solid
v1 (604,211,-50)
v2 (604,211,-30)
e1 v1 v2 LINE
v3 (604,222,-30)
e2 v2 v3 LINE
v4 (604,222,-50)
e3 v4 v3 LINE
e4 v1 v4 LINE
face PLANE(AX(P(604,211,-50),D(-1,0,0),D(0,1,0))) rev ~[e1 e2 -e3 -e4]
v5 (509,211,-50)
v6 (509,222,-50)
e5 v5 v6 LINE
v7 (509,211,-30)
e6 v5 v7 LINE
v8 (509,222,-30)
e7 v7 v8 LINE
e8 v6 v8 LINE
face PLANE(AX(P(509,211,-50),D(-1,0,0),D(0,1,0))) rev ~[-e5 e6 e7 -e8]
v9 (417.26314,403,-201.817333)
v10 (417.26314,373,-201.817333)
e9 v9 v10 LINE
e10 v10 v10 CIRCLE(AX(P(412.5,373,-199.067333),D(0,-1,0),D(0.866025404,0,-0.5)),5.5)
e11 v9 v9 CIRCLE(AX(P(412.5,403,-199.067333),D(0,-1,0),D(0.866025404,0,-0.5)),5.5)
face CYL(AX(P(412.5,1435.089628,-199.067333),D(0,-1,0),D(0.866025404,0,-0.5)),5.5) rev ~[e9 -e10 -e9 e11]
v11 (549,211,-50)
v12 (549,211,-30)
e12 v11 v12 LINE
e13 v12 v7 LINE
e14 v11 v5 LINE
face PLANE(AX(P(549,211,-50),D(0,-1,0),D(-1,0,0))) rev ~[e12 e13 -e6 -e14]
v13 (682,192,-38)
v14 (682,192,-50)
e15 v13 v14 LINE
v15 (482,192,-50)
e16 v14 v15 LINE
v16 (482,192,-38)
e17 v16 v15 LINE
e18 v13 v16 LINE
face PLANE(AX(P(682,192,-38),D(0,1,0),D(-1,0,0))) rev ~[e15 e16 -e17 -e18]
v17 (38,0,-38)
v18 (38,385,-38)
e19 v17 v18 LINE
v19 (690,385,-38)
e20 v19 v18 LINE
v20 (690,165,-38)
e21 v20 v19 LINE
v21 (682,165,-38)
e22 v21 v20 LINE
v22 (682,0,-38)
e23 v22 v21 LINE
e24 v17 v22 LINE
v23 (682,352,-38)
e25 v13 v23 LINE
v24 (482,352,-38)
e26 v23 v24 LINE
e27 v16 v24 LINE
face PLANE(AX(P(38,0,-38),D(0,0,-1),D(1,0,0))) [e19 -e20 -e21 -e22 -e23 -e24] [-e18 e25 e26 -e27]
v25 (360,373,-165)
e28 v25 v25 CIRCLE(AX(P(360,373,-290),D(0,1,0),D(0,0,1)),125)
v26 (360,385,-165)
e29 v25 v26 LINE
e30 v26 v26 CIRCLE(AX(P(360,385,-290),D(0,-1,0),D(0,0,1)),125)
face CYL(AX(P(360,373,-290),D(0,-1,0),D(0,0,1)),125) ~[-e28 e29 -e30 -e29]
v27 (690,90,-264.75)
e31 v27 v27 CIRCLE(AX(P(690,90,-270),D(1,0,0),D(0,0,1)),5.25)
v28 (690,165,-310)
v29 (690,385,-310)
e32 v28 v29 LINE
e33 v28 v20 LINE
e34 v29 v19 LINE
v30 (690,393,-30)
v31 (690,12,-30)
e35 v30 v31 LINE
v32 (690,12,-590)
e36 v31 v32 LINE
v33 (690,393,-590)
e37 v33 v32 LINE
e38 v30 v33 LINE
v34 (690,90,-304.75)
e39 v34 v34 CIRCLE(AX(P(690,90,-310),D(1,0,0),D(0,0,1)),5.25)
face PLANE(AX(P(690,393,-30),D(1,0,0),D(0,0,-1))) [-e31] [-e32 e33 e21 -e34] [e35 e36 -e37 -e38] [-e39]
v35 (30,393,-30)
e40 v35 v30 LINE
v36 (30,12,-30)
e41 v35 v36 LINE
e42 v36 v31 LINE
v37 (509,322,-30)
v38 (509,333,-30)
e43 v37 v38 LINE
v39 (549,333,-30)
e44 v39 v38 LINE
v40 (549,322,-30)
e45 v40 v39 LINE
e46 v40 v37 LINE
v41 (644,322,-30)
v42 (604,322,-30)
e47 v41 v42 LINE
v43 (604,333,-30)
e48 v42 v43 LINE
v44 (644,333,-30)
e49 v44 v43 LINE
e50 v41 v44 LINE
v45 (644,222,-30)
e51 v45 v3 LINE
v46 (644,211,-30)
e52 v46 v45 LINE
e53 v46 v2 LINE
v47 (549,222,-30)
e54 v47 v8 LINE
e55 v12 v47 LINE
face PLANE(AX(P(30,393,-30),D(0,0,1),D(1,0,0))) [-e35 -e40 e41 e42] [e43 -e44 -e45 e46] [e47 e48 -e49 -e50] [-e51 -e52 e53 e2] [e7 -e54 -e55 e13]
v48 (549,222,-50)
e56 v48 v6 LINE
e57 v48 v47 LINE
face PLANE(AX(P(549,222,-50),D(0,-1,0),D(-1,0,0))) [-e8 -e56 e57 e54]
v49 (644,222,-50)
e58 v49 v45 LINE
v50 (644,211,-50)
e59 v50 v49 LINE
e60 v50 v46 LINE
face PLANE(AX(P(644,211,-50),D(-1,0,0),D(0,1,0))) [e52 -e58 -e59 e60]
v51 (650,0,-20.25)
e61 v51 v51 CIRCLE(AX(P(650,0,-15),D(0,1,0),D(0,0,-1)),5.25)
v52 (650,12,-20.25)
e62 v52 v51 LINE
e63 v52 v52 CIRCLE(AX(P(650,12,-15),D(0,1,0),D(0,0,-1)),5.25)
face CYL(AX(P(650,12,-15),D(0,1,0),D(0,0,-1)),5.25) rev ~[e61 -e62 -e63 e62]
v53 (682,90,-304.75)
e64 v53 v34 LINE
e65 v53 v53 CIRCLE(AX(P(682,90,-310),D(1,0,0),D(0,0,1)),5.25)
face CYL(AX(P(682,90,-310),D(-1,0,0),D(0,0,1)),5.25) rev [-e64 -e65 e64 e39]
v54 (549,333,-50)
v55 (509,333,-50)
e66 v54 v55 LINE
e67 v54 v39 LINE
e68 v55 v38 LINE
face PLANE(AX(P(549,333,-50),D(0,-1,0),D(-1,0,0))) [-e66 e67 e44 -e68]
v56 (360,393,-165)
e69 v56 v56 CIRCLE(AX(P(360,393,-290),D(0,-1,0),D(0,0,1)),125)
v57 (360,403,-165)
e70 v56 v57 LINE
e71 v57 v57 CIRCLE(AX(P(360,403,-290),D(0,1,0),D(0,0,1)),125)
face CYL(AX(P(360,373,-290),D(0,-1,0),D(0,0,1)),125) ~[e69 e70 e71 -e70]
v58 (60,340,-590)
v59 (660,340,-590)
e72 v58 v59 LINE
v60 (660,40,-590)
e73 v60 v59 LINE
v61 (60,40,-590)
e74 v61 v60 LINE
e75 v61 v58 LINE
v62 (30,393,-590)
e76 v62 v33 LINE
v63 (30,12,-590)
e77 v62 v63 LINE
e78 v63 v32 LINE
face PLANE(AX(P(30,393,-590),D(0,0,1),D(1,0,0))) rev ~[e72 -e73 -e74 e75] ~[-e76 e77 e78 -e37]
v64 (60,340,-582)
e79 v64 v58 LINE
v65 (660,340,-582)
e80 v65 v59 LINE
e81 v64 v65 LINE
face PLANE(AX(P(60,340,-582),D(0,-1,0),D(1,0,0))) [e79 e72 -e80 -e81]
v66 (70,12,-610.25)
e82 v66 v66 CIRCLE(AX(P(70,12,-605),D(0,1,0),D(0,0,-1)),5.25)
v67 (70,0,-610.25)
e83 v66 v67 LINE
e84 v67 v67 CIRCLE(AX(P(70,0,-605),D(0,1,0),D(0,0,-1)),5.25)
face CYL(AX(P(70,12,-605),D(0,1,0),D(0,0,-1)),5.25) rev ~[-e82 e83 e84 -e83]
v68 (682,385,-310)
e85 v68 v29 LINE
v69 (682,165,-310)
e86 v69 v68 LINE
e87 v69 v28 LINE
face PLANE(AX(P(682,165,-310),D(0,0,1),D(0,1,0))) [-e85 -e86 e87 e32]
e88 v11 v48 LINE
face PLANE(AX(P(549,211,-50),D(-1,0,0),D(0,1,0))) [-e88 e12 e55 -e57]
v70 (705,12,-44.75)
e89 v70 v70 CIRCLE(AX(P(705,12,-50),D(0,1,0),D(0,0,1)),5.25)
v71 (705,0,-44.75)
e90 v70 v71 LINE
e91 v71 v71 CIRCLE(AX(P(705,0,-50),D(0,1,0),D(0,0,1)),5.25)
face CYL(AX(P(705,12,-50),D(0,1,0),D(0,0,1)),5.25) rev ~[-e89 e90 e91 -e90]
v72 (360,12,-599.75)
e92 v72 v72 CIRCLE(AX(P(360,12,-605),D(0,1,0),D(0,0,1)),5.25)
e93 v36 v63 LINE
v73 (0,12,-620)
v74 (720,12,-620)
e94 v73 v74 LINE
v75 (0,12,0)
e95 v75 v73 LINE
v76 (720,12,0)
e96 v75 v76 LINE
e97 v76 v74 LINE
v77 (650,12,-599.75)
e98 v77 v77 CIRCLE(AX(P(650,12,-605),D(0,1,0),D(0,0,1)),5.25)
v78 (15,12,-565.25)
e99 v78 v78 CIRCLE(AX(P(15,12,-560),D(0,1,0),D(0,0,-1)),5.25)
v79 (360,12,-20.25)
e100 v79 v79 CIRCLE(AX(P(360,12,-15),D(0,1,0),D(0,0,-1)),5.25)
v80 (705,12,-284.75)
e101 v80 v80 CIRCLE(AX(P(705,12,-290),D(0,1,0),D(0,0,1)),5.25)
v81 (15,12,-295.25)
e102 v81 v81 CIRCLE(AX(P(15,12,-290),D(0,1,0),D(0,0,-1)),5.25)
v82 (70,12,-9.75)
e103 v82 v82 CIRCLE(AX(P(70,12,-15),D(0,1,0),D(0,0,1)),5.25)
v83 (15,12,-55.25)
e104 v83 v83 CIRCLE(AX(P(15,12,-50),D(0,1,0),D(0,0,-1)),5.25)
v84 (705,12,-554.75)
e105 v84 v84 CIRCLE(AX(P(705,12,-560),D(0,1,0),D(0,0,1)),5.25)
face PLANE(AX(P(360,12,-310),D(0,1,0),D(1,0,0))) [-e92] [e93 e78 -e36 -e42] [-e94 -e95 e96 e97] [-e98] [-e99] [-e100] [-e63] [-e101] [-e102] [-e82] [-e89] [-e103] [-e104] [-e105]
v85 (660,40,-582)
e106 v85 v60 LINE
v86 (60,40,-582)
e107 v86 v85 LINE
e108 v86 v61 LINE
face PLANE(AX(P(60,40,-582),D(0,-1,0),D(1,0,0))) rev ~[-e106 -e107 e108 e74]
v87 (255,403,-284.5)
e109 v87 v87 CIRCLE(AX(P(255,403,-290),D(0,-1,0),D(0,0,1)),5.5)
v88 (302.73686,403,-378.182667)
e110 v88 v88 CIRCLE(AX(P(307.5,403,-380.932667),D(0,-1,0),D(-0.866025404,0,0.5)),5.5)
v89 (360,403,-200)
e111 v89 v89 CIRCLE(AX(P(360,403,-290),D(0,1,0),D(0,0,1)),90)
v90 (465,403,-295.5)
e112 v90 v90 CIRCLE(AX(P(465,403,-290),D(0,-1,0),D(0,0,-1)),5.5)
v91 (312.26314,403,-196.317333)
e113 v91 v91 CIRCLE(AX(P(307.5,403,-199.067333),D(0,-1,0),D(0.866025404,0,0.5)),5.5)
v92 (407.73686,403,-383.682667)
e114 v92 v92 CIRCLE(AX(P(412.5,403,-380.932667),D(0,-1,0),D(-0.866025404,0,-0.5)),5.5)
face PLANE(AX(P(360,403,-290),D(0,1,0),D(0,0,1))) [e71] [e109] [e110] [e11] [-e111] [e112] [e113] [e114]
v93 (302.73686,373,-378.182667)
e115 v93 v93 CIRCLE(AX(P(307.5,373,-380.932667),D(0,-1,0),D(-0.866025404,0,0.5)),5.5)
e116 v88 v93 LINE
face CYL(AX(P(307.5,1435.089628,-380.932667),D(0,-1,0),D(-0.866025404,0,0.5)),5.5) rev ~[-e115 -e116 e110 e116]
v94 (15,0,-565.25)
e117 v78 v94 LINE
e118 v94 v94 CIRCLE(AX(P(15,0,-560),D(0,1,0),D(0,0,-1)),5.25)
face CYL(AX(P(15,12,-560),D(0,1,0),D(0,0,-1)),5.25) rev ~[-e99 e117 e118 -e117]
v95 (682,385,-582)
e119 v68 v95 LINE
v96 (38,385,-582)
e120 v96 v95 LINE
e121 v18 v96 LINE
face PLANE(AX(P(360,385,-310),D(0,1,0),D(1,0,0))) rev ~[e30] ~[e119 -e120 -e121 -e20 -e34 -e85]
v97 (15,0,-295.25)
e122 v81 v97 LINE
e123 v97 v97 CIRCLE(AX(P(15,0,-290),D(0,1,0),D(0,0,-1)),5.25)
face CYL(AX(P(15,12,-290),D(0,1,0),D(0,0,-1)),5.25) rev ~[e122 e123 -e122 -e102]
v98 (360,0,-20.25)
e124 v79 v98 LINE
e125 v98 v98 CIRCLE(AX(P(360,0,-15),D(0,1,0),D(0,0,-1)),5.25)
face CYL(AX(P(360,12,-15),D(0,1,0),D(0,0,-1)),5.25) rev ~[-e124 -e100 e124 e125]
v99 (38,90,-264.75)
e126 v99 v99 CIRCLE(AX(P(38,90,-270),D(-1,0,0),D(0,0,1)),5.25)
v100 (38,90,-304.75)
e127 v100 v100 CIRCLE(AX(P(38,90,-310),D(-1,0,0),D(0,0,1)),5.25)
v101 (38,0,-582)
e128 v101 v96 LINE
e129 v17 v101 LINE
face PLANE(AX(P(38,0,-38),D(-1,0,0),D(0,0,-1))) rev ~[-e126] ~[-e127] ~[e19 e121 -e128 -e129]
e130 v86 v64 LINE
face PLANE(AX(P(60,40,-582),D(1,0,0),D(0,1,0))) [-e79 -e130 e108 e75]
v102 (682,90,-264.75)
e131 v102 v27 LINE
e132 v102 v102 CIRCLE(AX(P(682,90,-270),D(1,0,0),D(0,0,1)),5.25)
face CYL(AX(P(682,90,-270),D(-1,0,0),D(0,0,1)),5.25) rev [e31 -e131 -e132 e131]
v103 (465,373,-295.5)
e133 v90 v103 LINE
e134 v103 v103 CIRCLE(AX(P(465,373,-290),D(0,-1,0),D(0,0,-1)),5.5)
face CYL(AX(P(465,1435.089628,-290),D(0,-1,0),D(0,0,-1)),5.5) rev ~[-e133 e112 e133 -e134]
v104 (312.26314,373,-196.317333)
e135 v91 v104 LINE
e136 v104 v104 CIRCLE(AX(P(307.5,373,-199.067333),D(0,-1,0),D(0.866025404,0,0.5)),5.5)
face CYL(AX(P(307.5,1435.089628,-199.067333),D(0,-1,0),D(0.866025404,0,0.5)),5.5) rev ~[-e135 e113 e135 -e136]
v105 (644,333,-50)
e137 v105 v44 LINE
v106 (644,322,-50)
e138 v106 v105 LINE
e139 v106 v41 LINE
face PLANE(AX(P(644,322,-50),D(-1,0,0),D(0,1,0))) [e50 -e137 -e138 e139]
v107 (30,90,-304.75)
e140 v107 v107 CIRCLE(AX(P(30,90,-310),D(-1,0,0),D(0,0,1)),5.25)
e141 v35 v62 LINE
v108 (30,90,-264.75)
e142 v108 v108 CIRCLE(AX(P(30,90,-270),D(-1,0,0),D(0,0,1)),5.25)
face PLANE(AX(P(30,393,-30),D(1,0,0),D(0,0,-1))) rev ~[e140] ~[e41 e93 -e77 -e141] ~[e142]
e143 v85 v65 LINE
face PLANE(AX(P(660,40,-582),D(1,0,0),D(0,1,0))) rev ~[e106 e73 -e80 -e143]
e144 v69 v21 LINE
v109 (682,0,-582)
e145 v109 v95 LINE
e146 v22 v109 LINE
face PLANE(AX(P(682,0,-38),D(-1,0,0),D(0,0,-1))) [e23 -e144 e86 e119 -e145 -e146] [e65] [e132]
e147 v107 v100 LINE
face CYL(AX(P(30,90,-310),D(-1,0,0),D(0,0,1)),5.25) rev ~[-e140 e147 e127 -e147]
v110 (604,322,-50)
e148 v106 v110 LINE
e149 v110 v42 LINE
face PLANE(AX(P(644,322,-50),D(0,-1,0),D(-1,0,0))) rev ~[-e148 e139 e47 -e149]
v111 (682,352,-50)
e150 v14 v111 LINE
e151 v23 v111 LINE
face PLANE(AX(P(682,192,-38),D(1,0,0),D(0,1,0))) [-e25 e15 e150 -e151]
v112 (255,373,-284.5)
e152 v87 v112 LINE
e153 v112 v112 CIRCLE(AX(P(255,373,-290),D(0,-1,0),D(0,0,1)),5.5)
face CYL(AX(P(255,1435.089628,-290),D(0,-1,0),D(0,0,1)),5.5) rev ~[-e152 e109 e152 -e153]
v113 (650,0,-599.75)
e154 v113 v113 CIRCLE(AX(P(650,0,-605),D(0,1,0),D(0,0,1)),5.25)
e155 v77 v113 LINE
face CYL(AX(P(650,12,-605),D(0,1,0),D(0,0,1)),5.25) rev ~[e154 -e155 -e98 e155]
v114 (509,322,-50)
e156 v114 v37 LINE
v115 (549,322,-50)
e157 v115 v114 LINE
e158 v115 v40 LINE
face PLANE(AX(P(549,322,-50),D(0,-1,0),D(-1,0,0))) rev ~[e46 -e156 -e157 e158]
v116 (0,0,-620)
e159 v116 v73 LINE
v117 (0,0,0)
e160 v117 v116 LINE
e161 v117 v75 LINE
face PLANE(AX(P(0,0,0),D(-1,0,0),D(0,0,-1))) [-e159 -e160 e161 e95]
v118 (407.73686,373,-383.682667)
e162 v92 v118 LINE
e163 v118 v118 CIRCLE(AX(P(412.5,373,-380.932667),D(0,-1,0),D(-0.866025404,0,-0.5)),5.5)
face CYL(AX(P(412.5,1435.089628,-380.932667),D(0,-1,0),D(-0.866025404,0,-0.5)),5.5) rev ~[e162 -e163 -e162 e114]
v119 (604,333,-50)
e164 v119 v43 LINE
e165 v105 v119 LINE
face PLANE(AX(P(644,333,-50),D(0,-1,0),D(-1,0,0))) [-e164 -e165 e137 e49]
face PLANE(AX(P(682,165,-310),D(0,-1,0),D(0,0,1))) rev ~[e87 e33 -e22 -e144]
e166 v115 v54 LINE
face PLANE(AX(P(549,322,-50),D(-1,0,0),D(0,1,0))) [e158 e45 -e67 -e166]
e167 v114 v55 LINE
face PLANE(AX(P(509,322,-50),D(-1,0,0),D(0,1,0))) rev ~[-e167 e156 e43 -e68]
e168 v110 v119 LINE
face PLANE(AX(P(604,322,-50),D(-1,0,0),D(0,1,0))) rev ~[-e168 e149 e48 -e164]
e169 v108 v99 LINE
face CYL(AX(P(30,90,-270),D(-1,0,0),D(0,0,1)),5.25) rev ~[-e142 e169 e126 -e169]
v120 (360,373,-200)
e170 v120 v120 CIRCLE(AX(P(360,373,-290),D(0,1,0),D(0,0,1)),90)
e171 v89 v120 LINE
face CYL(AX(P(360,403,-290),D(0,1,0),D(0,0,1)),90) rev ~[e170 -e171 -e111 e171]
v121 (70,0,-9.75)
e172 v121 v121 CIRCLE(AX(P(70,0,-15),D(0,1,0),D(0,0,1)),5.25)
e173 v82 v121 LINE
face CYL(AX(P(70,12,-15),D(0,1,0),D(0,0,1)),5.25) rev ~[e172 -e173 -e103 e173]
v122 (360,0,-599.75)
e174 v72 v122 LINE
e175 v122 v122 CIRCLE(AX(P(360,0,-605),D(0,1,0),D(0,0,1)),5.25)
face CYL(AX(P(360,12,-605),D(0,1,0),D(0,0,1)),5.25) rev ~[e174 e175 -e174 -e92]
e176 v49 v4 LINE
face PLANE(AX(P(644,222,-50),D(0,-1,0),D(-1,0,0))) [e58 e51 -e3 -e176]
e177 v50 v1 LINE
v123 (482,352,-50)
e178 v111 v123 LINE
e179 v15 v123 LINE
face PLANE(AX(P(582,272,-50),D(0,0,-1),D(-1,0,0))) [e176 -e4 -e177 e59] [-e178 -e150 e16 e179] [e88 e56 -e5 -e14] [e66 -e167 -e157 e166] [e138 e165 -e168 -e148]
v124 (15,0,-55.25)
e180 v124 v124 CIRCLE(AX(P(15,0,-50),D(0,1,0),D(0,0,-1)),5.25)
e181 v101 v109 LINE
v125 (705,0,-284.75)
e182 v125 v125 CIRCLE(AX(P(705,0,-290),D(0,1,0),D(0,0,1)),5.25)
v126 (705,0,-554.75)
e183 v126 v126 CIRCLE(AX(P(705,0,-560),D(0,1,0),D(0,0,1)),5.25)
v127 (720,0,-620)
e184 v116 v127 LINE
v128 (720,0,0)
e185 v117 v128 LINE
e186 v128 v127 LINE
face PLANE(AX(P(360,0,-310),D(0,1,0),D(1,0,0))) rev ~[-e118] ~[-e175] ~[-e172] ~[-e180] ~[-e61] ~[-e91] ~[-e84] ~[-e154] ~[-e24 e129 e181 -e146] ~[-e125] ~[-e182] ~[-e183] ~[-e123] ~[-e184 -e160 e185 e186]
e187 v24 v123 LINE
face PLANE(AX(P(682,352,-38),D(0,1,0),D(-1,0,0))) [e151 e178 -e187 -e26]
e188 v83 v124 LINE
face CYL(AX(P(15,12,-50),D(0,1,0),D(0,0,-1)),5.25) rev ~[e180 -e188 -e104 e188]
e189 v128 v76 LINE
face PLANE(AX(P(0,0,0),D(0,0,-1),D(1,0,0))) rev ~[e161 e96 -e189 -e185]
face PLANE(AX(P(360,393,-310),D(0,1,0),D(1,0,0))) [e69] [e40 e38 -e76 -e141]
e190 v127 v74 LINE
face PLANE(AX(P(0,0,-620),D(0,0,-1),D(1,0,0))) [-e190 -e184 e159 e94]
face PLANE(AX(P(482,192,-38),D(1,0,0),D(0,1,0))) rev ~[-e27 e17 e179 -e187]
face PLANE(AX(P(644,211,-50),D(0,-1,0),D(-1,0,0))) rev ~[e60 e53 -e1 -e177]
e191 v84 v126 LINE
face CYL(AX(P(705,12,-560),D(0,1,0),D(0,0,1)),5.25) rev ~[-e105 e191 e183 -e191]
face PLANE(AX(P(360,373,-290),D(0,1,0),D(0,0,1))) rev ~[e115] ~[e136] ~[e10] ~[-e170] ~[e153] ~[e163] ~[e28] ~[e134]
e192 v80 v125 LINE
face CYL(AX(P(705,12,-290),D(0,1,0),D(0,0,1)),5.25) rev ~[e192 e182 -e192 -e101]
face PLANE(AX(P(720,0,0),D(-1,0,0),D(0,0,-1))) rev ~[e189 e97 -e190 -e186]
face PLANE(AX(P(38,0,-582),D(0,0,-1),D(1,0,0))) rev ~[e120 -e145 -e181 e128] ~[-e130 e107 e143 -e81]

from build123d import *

# Parameters (mm, degrees)
SCHIZZO1_W                        = 720
SCHIZZO1_H                        = 620
ESTRUSIONE_ESTRUSIONE1_DEPTH      = 393
SCHIZZO3_W                        = 720
SCHIZZO3_H                        = 620
SCHIZZO3_W_2                      = 660
SCHIZZO3_H_2                      = 560
TAGLIO_ESTRUSIONE1_DEPTH          = 381
SCHIZZO4_R                        = 5.25
TAGLIO_ESTRUSIONE2_DEPTH          = 12
SCHIZZO5_W                        = 644
SCHIZZO5_H                        = 544
TAGLIO_ESTRUSIONE3_DEPTH          = 385
ESTRUSIONE_ESTRUSIONE2_DEPTH      = 10
ESTRUSIONE_ESTRUSIONE2_DEPTH_BACK = 20
SCHIZZO6_R                        = 125
SCHIZZO7_R                        = 90
TAGLIO_ESTRUSIONE4_DEPTH          = 30
FORO_PER_VITE_M10_1_D             = 11
RIPETIZIONECIRCOLARE1_COUNT       = 6
SCHIZZO14_W                       = 600
SCHIZZO14_H                       = 300
TAGLIO_ESTRUSIONE5_DEPTH          = 8
SCHIZZO16_R                       = 5.25
TAGLIO_ESTRUSIONE6_DEPTH          = 8
TAGLIO_ESTRUSIONE7_START          = -8
SCHIZZO17_R                       = 5.25
TAGLIO_ESTRUSIONE7_DEPTH          = 8
SCHIZZO18_W                       = 272
SCHIZZO18_H                       = 220
TAGLIO_ESTRUSIONE8_DEPTH          = 8
SCHIZZO19_W                       = 200
SCHIZZO19_H                       = 160
ESTRUSIONE_ESTRUSIONE3_DEPTH      = 12
SCHIZZO20_W                       = 40
SCHIZZO20_H                       = 11
TAGLIO_ESTRUSIONE9_DEPTH          = 20


with BuildPart() as part:
    # Schizzo1 → Estrusione-Estrusione1 (new body)
    with BuildSketch(Plane(origin=(0, 0, 0), x_dir=(1, 0, 0), z_dir=(0, 1, 0))):
        with Locations((360, 310)):
            Rectangle(SCHIZZO1_W, SCHIZZO1_H)
    extrude(amount=ESTRUSIONE_ESTRUSIONE1_DEPTH)

    # Schizzo3 → Taglio-Estrusione1 (cut)
    with BuildSketch(Plane(origin=(0, 393, 0), x_dir=(1, 0, 0), z_dir=(0, 1, 0))):
        with Locations((360, 310)):
            Rectangle(SCHIZZO3_W, SCHIZZO3_H)
        with Locations((360, 310)):
            Rectangle(SCHIZZO3_W_2, SCHIZZO3_H_2, mode=Mode.SUBTRACT)
    extrude(amount=-TAGLIO_ESTRUSIONE1_DEPTH, mode=Mode.SUBTRACT)

    # Schizzo4 → Taglio-Estrusione2 (cut)
    with BuildSketch(Plane(origin=(0, 12, 0), x_dir=(1, 0, 0), z_dir=(0, 1, 0))):
        with Locations(Location((360, 605, 0), (0, 0, 270))):
            Circle(SCHIZZO4_R)
        with Locations(Location((650, 605, 0), (0, 0, 270))):
            Circle(SCHIZZO4_R)
        with Locations(Location((70, 605, 0), (0, 0, 90))):
            Circle(SCHIZZO4_R)
        with Locations(Location((650, 15, 0), (0, 0, 90))):
            Circle(SCHIZZO4_R)
        with Locations(Location((360, 15, 0), (0, 0, 90))):
            Circle(SCHIZZO4_R)
        with Locations(Location((70, 15, 0), (0, 0, 270))):
            Circle(SCHIZZO4_R)
        with Locations(Location((705, 560, 0), (0, 0, 270))):
            Circle(SCHIZZO4_R)
        with Locations(Location((705, 290, 0), (0, 0, 270))):
            Circle(SCHIZZO4_R)
        with Locations(Location((705, 50, 0), (0, 0, 270))):
            Circle(SCHIZZO4_R)
        with Locations(Location((15, 50, 0), (0, 0, 90))):
            Circle(SCHIZZO4_R)
        with Locations(Location((15, 290, 0), (0, 0, 90))):
            Circle(SCHIZZO4_R)
        with Locations(Location((15, 560, 0), (0, 0, 90))):
            Circle(SCHIZZO4_R)
    extrude(amount=-TAGLIO_ESTRUSIONE2_DEPTH, mode=Mode.SUBTRACT)

    # Schizzo5 → Taglio-Estrusione3 (cut)
    with BuildSketch(Plane(origin=(0, 0, 0), x_dir=(1, 0, 0), z_dir=(0, 1, 0))):
        with Locations((360, 310)):
            Rectangle(SCHIZZO5_W, SCHIZZO5_H)
    extrude(amount=TAGLIO_ESTRUSIONE3_DEPTH, mode=Mode.SUBTRACT)

    # Schizzo6 → Estrusione-Estrusione2 (add, two sides: drawn at the far end of the back side and taken through both)
    with BuildSketch(Plane(origin=(0, 393, 0), x_dir=(1, 0, 0), z_dir=(0, 1, 0)).offset(-ESTRUSIONE_ESTRUSIONE2_DEPTH_BACK)):
        with Locations(Location((360, 290, 0), (0, 0, 270))):
            Circle(SCHIZZO6_R)
    extrude(amount=ESTRUSIONE_ESTRUSIONE2_DEPTH + ESTRUSIONE_ESTRUSIONE2_DEPTH_BACK)

    # Schizzo7 → Taglio-Estrusione4 (cut)
    with BuildSketch(Plane(origin=(0, 403, 0), x_dir=(1, 0, 0), z_dir=(0, 1, 0))):
        with Locations(Location((360, 290, 0), (0, 0, 270))):
            Circle(SCHIZZO7_R)
    extrude(amount=-TAGLIO_ESTRUSIONE4_DEPTH, mode=Mode.SUBTRACT)

    # Foro per Vite M10-1 (through all)
    with Locations(Plane(origin=(465, 403, -290), x_dir=(0, 0, 1), z_dir=(0, 1, 0))):
        with Locations((0, 0)):
            foro_per_vite_m10_1 = Hole(FORO_PER_VITE_M10_1_D / 2)

    # RipetizioneCircolare1: Foro per Vite M10-1 ×6 about axis
    ripetizionecircolare1_axis = Axis((360, 0, -290), (0, 1, 0))
    for i in range(1, RIPETIZIONECIRCOLARE1_COUNT):
        add(foro_per_vite_m10_1.rotate(ripetizionecircolare1_axis, i * 360 / RIPETIZIONECIRCOLARE1_COUNT), mode=Mode.SUBTRACT)

    # Schizzo14 → Taglio-Estrusione5 (cut)
    with BuildSketch(Plane.XY.offset(-582)):
        with Locations((360, 190)):
            Rectangle(SCHIZZO14_W, SCHIZZO14_H)
    extrude(amount=-TAGLIO_ESTRUSIONE5_DEPTH, mode=Mode.SUBTRACT)

    # Schizzo16 → Taglio-Estrusione6 (cut)
    with BuildSketch(Plane.ZY.offset(-30)):
        with Locations((-310, 90)):
            Circle(SCHIZZO16_R)
        with Locations((-270, 90)):
            Circle(SCHIZZO16_R)
    extrude(amount=-TAGLIO_ESTRUSIONE6_DEPTH, mode=Mode.SUBTRACT)

    # Schizzo17 → Taglio-Estrusione7 (cut)
    with BuildSketch(Plane(origin=(690, 0, 0), x_dir=(0, 0, -1), z_dir=(1, 0, 0)).offset(TAGLIO_ESTRUSIONE7_START)):
        with Locations(Location((310, 90, 0), (0, 0, 180))):
            Circle(SCHIZZO17_R)
        with Locations(Location((270, 90, 0), (0, 0, 180))):
            Circle(SCHIZZO17_R)
    extrude(amount=TAGLIO_ESTRUSIONE7_DEPTH, mode=Mode.SUBTRACT)

    # Schizzo18 → Taglio-Estrusione8 (cut)
    with BuildSketch(Plane.ZY.offset(-682)):
        with Locations((-174, 275)):
            Rectangle(SCHIZZO18_W, SCHIZZO18_H)
    extrude(amount=-TAGLIO_ESTRUSIONE8_DEPTH, mode=Mode.SUBTRACT)

    # Schizzo19 → Estrusione-Estrusione3 (add)
    with BuildSketch(Plane(origin=(0, 0, -38), x_dir=(-1, 0, 0), z_dir=(0, 0, -1))):
        with Locations((-582, 272)):
            Rectangle(SCHIZZO19_W, SCHIZZO19_H)
    extrude(amount=ESTRUSIONE_ESTRUSIONE3_DEPTH)

    # Schizzo20 → Taglio-Estrusione9 (cut)
    with BuildSketch(Plane(origin=(0, 0, -50), x_dir=(-1, 0, 0), z_dir=(0, 0, -1))):
        with Locations((-624, 216.5)):
            Rectangle(SCHIZZO20_W, SCHIZZO20_H)
        with Locations((-529, 216.5)):
            Rectangle(SCHIZZO20_W, SCHIZZO20_H)
        with Locations((-529, 327.5)):
            Rectangle(SCHIZZO20_W, SCHIZZO20_H)
        with Locations((-624, 327.5)):
            Rectangle(SCHIZZO20_W, SCHIZZO20_H)
    extrude(amount=-TAGLIO_ESTRUSIONE9_DEPTH, mode=Mode.SUBTRACT)


solid = part.part
